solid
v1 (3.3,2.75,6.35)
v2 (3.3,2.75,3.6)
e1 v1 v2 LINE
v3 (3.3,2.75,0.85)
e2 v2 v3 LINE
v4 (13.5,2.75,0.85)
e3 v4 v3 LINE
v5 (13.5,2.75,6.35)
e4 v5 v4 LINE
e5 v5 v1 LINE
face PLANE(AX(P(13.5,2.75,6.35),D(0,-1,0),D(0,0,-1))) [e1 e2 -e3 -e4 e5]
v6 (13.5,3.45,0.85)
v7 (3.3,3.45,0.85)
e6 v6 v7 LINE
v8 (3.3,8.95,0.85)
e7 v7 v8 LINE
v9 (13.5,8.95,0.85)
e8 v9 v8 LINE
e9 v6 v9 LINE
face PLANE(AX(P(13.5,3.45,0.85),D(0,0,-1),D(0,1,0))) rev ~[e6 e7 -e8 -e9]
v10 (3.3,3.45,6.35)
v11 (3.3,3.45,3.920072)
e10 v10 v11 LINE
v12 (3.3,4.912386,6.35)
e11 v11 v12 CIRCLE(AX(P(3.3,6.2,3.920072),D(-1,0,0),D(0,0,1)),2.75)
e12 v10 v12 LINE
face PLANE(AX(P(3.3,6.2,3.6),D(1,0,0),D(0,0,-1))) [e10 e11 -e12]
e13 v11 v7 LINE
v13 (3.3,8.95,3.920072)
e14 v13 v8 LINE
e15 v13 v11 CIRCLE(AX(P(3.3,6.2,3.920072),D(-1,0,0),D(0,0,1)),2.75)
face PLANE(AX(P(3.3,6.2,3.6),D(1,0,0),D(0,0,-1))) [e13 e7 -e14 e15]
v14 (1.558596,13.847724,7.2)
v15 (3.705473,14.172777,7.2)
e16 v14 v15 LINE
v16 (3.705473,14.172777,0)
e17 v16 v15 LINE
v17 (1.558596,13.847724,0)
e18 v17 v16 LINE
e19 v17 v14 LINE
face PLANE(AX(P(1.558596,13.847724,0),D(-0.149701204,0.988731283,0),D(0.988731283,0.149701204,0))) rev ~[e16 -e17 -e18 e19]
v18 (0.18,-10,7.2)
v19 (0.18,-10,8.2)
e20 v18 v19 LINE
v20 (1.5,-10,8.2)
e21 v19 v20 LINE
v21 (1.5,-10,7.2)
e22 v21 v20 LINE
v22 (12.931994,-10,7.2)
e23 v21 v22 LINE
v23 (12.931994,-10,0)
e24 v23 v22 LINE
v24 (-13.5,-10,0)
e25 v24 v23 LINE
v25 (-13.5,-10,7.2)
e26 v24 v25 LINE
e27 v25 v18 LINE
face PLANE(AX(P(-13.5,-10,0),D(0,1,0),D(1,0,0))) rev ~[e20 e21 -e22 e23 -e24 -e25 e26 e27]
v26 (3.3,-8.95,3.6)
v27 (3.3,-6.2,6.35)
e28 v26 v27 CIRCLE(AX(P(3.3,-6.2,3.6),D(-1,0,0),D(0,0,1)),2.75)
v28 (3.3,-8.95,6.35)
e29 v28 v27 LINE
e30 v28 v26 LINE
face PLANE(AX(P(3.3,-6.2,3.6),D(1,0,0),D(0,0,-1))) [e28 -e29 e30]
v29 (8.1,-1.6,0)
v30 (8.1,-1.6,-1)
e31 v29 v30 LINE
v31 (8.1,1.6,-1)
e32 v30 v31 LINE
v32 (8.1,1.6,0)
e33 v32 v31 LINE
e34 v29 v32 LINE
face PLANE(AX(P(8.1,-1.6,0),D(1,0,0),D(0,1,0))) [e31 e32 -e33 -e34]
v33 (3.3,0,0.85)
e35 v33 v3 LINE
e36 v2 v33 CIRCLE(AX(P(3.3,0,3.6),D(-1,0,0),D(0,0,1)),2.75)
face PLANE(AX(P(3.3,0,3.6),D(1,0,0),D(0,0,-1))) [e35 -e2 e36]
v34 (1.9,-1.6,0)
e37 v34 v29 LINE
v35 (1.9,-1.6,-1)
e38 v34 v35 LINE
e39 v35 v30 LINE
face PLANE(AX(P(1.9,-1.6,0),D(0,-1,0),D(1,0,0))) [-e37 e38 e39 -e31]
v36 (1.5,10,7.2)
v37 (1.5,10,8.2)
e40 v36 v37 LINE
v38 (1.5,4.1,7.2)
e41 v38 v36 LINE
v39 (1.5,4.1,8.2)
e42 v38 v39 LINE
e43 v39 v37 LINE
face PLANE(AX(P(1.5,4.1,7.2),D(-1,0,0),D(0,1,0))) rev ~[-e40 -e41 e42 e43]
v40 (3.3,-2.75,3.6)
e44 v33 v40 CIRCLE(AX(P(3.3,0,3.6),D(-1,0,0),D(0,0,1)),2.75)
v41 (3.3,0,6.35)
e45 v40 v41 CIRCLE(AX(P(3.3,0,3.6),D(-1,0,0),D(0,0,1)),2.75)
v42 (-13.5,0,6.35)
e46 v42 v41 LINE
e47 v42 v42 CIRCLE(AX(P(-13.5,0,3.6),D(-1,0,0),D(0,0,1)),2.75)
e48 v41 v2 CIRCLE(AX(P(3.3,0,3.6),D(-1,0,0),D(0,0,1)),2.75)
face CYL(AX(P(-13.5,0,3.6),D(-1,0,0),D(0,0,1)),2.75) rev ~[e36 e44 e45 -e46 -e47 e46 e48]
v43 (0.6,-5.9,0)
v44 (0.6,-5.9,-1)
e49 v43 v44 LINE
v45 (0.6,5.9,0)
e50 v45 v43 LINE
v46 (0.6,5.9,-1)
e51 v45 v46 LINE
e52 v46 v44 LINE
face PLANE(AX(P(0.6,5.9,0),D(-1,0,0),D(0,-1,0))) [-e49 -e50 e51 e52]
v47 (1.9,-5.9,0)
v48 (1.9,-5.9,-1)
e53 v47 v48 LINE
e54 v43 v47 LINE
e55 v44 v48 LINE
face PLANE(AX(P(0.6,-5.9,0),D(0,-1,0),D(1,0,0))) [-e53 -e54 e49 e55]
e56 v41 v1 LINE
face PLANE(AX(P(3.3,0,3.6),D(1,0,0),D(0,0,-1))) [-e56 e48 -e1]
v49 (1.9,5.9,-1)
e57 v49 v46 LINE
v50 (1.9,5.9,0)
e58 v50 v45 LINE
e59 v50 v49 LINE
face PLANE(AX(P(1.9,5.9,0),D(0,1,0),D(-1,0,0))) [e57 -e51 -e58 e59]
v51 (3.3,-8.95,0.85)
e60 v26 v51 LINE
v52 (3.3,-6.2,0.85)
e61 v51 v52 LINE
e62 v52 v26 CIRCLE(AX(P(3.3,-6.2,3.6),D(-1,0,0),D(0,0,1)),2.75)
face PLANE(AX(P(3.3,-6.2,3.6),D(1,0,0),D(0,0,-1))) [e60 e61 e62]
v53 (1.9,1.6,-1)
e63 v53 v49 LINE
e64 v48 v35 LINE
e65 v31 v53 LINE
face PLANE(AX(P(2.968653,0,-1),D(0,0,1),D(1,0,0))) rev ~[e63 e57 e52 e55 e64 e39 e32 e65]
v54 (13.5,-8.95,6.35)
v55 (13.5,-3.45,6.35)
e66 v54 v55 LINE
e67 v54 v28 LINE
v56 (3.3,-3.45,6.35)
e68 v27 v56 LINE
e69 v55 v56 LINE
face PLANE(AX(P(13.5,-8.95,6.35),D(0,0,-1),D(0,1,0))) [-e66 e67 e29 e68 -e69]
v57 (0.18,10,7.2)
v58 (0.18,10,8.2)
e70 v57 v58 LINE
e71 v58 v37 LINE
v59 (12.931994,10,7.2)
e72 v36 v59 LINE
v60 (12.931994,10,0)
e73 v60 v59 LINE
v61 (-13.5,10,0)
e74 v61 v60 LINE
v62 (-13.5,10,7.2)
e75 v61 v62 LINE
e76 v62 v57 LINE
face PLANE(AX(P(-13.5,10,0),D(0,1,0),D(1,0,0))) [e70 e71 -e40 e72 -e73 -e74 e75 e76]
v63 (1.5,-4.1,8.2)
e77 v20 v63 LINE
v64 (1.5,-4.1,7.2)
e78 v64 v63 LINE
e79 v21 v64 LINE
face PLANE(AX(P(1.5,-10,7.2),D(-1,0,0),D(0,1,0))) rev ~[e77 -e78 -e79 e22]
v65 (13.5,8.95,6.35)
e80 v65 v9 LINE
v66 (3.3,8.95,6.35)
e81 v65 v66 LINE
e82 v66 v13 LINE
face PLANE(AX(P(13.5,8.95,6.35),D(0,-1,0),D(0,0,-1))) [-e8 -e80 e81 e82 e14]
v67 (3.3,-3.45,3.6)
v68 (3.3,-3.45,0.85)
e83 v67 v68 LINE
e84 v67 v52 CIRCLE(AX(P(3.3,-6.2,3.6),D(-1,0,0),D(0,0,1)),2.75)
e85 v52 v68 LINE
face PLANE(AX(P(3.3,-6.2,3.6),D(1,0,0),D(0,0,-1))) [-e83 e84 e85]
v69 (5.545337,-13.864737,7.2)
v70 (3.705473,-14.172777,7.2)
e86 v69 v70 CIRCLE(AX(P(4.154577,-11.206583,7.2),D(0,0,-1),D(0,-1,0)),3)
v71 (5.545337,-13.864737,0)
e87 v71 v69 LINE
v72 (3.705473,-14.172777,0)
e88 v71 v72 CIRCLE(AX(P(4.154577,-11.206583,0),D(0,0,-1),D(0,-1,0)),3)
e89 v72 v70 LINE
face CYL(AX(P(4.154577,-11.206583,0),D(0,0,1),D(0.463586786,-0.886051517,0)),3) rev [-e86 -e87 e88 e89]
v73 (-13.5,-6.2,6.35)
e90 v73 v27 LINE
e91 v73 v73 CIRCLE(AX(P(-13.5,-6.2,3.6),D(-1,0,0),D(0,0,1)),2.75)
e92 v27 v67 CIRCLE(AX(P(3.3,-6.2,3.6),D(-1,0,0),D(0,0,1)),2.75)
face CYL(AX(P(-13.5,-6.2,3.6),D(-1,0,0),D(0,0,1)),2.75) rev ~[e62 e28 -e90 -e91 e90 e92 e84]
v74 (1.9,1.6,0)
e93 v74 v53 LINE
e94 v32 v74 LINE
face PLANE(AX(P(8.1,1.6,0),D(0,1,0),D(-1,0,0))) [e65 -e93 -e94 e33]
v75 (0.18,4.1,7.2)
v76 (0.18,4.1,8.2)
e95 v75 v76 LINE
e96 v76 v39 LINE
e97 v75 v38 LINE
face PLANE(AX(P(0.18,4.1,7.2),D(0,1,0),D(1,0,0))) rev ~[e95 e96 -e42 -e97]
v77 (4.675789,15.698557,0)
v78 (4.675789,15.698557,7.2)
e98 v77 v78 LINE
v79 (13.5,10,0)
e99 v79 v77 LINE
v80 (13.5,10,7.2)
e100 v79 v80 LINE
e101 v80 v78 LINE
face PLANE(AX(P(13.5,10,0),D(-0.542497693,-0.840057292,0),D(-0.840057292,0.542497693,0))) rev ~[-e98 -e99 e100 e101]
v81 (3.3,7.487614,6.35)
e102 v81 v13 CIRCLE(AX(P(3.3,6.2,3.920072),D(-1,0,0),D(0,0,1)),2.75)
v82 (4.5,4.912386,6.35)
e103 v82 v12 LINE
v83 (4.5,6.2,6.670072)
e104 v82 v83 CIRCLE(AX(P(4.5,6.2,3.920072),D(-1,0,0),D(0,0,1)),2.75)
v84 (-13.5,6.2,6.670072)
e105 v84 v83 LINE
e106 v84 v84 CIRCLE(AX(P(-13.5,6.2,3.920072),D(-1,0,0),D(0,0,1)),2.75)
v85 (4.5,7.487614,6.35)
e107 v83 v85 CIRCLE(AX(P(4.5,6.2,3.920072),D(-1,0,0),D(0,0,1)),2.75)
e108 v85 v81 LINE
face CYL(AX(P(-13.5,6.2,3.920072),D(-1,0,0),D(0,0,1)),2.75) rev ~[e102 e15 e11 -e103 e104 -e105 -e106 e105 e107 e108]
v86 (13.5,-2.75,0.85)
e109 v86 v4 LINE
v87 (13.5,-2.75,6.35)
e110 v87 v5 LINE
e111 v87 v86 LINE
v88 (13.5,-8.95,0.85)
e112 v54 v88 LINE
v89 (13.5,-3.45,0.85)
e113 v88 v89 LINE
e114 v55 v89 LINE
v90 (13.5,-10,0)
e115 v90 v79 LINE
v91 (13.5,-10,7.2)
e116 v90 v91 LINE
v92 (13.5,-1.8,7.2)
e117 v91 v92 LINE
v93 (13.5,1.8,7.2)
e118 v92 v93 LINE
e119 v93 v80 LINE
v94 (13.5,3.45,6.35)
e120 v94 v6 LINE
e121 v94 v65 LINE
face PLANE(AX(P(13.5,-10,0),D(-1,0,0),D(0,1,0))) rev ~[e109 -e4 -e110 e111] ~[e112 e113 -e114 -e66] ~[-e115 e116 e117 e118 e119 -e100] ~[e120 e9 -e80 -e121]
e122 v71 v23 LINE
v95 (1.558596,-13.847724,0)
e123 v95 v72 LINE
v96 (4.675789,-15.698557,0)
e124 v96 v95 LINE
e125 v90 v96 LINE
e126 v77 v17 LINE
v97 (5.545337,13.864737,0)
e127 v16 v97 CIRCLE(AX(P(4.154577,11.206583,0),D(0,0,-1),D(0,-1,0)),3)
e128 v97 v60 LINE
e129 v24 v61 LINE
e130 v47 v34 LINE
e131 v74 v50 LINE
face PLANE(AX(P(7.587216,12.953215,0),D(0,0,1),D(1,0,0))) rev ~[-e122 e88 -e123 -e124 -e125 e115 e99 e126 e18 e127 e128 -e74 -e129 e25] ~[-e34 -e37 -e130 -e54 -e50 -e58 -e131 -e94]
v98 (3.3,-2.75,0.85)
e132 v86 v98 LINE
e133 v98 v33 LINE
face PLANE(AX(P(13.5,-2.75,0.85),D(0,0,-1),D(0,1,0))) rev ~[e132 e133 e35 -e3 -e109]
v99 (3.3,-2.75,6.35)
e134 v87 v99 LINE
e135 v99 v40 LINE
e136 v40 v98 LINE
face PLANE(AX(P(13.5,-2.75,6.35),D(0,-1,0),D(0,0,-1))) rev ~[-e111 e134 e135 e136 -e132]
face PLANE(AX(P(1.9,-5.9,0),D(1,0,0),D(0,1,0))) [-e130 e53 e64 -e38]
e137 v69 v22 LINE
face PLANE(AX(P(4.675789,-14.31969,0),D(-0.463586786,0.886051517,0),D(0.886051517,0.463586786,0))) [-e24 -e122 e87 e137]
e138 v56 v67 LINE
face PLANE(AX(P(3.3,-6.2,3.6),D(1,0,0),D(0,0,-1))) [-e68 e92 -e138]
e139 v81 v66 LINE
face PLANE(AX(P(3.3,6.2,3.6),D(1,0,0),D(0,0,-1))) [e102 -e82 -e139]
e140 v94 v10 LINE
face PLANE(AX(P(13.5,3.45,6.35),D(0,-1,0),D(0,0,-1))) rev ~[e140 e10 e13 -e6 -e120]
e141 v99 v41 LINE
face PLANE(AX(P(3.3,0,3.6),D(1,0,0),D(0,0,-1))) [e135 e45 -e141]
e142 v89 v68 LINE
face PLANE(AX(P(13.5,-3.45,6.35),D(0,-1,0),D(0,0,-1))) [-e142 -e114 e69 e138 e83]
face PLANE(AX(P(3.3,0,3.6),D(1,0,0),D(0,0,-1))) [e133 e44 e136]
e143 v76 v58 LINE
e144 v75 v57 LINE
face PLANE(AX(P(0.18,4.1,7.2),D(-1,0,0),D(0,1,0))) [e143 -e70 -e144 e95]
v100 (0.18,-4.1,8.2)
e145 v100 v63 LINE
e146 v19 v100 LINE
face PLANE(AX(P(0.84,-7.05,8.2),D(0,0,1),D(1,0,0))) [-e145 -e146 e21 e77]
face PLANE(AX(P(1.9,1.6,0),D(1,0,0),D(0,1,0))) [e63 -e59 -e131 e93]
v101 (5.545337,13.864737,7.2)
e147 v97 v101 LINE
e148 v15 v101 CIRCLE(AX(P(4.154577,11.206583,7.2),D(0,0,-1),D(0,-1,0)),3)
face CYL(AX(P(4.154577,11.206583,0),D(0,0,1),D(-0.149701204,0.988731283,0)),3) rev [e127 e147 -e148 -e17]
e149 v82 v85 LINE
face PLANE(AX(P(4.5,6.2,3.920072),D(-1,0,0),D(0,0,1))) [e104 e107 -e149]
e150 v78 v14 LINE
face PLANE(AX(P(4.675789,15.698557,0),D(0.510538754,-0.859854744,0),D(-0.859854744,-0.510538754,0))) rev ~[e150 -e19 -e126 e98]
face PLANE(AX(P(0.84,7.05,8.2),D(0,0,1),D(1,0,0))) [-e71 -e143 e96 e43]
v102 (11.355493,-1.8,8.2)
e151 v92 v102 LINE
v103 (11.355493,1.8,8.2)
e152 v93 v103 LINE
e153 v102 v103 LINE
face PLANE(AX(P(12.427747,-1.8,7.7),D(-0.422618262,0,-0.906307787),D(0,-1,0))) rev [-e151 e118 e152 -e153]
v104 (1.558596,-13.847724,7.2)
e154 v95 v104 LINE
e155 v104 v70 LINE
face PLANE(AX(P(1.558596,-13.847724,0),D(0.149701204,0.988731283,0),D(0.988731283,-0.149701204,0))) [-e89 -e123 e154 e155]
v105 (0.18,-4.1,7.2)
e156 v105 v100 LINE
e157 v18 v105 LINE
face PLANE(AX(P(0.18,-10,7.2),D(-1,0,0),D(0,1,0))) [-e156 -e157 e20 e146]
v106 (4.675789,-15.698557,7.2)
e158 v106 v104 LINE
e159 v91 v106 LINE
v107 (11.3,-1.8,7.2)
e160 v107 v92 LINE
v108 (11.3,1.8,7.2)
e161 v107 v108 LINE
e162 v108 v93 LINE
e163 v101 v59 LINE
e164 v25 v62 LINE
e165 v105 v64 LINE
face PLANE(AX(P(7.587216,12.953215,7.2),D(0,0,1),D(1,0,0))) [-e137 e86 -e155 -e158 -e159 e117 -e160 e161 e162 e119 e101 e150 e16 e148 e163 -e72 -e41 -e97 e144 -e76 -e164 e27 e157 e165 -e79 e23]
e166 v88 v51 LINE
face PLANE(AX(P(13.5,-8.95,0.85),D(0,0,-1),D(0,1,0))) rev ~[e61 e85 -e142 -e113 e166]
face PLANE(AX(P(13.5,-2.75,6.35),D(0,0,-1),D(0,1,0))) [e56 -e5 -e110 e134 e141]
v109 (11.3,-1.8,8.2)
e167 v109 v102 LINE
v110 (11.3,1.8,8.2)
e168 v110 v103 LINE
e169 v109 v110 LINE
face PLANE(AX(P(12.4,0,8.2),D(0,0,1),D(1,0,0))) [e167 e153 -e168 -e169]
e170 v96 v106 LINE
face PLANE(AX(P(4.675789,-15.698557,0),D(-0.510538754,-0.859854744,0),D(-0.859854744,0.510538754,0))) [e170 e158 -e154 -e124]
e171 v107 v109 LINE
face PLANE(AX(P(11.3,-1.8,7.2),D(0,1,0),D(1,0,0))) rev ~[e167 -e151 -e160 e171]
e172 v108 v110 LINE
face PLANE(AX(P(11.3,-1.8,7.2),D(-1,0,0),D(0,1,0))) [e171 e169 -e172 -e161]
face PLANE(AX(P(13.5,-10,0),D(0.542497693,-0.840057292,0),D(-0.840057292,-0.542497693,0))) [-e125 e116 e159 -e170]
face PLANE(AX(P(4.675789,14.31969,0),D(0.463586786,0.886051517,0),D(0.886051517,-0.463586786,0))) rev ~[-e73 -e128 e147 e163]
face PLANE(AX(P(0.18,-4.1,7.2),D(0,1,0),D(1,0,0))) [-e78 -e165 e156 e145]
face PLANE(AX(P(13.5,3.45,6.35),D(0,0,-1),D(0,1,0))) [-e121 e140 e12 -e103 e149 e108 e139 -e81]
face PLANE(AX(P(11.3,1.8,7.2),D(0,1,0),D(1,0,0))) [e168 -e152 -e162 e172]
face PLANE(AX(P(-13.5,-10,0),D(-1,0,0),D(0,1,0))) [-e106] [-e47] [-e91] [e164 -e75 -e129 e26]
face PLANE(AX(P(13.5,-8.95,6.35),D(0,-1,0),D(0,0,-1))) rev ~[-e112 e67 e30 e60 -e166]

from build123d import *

# Parameters (mm, degrees)
SKETCH_1_W          = 27
SKETCH_1_H          = 20
EXTRUDE_1_DEPTH     = 7.2
SKETCH_2_W          = 5.5
SKETCH_2_H          = 5.5
CUT_EXTRUDE_1_DEPTH = 10.2
SKETCH_3_R          = 2.75
CUT_EXTRUDE_2_DEPTH = 18
SKETCH_4_W          = 1.32
SKETCH_4_H          = 5.9
SKETCH_4_W_2        = 2.2
SKETCH_4_H_2        = 3.6
EXTRUDE_2_DEPTH     = 1
CHAMFER_1_SIZE      = 1
CHAMFER_1_SIZE2     = 2.144506921
EXTRUDE_4_DEPTH     = 1
EXTRUDE_5_DEPTH     = 7.2
FILLET_1_R          = 3
FILLET_2_R          = 3


with BuildPart() as part:
    # 草图1 → 凸台-拉伸1 (new body)
    with BuildSketch(Plane.XY):
        Rectangle(SKETCH_1_W, SKETCH_1_H)
    extrude(amount=EXTRUDE_1_DEPTH)

    # 草图2 → 切除-拉伸1 (cut)
    with BuildSketch(Plane(origin=(13.5, 0, 0), x_dir=(0, 0, -1), z_dir=(1, 0, 0))):
        with Locations((-3.6, -6.2)):
            Rectangle(SKETCH_2_W, SKETCH_2_H)
        with Locations((-3.6, 0)):
            Rectangle(SKETCH_2_W, SKETCH_2_H)
        with Locations((-3.6, 6.2)):
            Rectangle(SKETCH_2_W, SKETCH_2_H)
    extrude(amount=-CUT_EXTRUDE_1_DEPTH, mode=Mode.SUBTRACT)

    # 草图3 → 切除-拉伸2 (cut)
    with BuildSketch(Plane.ZY.offset(13.5)):
        with Locations((3.6, 0)):
            Circle(SKETCH_3_R)
        with Locations((3.920071901, 6.2)):
            Circle(SKETCH_3_R)
        with Locations((3.6, -6.2)):
            Circle(SKETCH_3_R)
    extrude(amount=-CUT_EXTRUDE_2_DEPTH, mode=Mode.SUBTRACT)

    # 草图4 → 凸台-拉伸2 (add)
    with BuildSketch(Plane.XY.offset(7.2)):
        with Locations((0.84, 7.05)):
            Rectangle(SKETCH_4_W, SKETCH_4_H)
        with Locations((0.84, -7.05)):
            Rectangle(SKETCH_4_W, SKETCH_4_H)
        with Locations((12.4, 0)):
            Rectangle(SKETCH_4_W_2, SKETCH_4_H_2)
    extrude(amount=EXTRUDE_2_DEPTH)

    # 倒角1
    chamfer_1_edges = [part.edges().sort_by_distance(p)[0] for p in [
        (13.5, 0, 8.2),
    ]]
    chamfer_1_side = [part.faces().sort_by_distance(p)[0] for p in [
        (13.5, -9.78384265, 3.6),
    ]]
    chamfer(chamfer_1_edges, length=CHAMFER_1_SIZE, length2=CHAMFER_1_SIZE2, reference=chamfer_1_side[0])

    # 草图6 → 凸台-拉伸4 (add)
    with BuildSketch(Plane(origin=(0, 0, 0), x_dir=(-1, 0, 0), z_dir=(0, 0, -1))):
        Polygon((-8.1, -1.6), (-8.1, 1.6), (-1.9, 1.6), (-1.9, 5.9), (-0.6, 5.9), (-0.6, -5.9), (-1.9, -5.9), (-1.9, -1.6), align=None)
    extrude(amount=EXTRUDE_4_DEPTH)

    # 草图7 → 凸台-拉伸5 (add)
    with BuildSketch(Plane(origin=(0, 0, 0), x_dir=(-1, 0, 0), z_dir=(0, 0, -1))):
        Polygon((-13.5, 10), (-4.675788996, 15.698556705), (-1.558596332, 13.847723561), (-4.675788996, 14.319689506), (-12.931993779, 10), align=None)
        Polygon((-12.931993779, -10), (-13.5, -10), (-4.675788996, -15.698556705), (-1.558596332, -13.847723561), (-4.675788996, -14.319689506), align=None)
    extrude(amount=-EXTRUDE_5_DEPTH)

    # 圆角1
    fillet_1_edges = [part.edges().sort_by_distance(p)[0] for p in [
        (4.675788996, 14.319689506, 3.6),
    ]]
    fillet(fillet_1_edges, radius=FILLET_1_R)

    # 圆角2
    fillet_2_edges = [part.edges().sort_by_distance(p)[0] for p in [
        (4.675788996, -14.319689506, 3.6),
    ]]
    fillet(fillet_2_edges, radius=FILLET_2_R)


solid = part.part
